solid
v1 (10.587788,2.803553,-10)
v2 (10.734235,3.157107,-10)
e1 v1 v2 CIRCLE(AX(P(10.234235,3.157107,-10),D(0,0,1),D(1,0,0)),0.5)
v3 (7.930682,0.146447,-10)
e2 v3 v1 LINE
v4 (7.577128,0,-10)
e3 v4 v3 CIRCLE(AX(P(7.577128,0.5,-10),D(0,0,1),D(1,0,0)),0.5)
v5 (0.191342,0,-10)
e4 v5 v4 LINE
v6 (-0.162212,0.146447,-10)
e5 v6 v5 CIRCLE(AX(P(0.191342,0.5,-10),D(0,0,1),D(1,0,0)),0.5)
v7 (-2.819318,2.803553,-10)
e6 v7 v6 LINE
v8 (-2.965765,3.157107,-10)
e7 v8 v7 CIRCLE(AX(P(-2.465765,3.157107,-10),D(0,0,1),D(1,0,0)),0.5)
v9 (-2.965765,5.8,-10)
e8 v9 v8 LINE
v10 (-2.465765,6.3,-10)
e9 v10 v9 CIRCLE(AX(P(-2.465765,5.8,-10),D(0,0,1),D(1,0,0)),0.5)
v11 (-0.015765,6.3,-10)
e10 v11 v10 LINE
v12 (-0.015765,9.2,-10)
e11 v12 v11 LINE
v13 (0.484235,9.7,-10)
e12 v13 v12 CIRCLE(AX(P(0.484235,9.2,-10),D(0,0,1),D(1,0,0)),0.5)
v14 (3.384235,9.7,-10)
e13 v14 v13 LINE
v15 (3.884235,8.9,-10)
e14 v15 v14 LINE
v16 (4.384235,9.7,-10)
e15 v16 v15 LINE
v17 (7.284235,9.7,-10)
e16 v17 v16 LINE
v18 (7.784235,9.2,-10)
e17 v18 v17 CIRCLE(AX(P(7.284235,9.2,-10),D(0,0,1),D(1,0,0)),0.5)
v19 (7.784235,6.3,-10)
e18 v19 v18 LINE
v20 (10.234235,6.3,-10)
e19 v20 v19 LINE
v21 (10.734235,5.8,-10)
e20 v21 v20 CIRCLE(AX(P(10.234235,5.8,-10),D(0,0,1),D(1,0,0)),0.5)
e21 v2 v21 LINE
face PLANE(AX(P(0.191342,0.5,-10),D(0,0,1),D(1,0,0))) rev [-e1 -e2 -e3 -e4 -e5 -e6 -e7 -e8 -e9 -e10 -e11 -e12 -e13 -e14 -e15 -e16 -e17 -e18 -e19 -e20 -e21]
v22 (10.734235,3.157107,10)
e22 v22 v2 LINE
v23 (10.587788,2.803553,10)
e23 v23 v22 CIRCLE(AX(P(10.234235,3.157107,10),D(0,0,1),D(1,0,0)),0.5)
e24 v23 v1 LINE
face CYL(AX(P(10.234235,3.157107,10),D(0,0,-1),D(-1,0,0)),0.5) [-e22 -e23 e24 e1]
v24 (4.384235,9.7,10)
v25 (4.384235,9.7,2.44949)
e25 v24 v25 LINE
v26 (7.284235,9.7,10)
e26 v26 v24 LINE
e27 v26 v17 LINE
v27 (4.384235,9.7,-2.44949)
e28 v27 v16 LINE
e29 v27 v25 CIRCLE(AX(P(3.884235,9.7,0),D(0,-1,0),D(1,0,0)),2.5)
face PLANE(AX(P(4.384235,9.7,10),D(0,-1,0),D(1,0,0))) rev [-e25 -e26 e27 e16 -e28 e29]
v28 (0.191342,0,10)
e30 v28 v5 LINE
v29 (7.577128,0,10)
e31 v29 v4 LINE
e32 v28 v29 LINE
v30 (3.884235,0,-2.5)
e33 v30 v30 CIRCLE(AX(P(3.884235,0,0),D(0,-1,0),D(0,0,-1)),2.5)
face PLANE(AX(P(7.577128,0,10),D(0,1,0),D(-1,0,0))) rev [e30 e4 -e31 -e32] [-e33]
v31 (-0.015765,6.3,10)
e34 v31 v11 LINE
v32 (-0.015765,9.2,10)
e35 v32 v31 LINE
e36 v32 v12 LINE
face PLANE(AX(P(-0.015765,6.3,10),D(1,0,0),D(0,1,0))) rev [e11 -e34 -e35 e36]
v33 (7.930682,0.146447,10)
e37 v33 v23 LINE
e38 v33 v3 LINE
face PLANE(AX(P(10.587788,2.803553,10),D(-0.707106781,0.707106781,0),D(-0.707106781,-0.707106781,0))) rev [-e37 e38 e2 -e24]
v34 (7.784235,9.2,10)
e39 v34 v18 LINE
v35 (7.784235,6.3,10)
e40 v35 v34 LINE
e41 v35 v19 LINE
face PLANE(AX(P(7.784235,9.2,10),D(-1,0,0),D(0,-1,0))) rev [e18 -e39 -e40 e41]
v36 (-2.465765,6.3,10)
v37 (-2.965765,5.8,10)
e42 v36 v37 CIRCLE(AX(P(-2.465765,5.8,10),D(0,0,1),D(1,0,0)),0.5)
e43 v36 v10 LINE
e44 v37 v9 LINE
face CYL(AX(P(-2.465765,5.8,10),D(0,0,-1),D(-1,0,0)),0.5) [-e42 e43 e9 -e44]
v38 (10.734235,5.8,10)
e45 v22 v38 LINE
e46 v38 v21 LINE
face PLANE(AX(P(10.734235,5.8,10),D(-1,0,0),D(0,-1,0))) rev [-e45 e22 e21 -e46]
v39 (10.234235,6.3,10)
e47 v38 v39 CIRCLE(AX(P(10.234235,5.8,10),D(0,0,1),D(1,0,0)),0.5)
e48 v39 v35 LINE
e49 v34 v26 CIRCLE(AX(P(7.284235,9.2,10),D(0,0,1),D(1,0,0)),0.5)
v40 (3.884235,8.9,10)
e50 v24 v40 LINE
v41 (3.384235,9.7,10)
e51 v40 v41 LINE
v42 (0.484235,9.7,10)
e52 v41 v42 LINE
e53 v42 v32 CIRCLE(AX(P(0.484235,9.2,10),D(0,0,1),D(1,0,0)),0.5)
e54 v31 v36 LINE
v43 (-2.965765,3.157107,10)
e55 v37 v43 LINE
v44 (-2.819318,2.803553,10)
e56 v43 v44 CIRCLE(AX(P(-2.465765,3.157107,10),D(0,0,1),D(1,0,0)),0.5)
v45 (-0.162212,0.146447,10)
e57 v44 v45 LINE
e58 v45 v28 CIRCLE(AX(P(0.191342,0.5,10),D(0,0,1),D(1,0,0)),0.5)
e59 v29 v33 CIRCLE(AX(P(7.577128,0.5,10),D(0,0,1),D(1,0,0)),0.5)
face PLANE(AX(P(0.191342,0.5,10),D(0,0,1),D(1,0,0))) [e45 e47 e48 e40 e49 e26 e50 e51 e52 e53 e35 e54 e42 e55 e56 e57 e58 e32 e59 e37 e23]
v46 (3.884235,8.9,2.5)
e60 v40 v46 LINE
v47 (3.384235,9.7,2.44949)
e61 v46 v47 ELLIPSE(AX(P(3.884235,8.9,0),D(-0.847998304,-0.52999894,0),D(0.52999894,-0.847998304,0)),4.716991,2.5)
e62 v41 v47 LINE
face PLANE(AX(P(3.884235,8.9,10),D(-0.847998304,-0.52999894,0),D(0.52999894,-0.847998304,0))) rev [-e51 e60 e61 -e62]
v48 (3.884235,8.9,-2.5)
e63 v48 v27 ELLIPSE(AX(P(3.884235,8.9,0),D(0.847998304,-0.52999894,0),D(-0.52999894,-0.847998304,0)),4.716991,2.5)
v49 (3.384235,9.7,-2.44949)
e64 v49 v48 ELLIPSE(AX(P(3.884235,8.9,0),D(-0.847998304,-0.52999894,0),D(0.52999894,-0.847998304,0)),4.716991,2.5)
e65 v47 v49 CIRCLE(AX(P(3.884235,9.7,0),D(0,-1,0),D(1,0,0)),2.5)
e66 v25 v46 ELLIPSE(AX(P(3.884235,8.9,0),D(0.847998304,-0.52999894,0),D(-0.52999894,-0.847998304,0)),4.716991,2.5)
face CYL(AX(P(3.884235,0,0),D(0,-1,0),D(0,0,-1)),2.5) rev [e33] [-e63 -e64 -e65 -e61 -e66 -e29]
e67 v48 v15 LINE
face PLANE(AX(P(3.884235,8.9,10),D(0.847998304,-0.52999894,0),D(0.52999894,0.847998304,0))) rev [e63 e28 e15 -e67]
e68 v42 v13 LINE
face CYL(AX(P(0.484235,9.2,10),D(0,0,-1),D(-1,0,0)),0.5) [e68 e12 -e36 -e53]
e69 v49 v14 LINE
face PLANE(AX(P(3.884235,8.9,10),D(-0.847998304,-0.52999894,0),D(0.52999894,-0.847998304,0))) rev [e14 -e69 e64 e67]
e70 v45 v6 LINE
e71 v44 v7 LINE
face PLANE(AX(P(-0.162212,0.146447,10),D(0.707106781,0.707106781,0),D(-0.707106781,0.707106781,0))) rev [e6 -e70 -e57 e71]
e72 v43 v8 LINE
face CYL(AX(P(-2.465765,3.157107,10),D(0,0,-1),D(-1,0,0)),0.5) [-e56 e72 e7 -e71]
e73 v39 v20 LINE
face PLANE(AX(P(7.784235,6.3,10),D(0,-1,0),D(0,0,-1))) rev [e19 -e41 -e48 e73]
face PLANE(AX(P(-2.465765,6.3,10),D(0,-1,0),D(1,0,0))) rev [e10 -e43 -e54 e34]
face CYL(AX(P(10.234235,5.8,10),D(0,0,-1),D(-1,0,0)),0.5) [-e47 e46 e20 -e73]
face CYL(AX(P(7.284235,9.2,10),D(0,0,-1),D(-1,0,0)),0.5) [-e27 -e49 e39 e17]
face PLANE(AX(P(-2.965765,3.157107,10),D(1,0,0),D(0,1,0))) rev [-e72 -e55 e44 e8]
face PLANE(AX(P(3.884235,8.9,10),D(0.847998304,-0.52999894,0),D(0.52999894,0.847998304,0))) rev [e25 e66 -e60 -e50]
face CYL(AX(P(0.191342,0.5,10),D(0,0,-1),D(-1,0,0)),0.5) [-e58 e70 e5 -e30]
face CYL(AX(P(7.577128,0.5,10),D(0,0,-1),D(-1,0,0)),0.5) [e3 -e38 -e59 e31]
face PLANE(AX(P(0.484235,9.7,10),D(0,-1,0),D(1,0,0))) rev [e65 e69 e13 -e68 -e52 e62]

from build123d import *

# Parameters (mm, degrees)
EXTRUDE_1_DEPTH        = 10
HOLE_WIZARD_M6_1_D     = 5
HOLE_WIZARD_M6_1_DEPTH = 15
HOLE_WIZARD_M6_1_TIP   = 1.502151548


with BuildPart() as part:
    # 草图1 → 凸台-拉伸1 (new, symmetric)
    with BuildSketch(Plane.XY):
        with BuildLine():
            Line((-0.162211674, 0.146446609), (-2.819318456, 2.803553391))
            ThreePointArc((-2.819318456, 2.803553391), (-2.927704831, 2.965765065), (-2.965765065, 3.157106781))
            Line((-2.965765065, 3.157106781), (-2.965765065, 5.8))
            ThreePointArc((-2.965765065, 5.8), (-2.819318456, 6.153553391), (-2.465765065, 6.3))
            Line((-2.465765065, 6.3), (-0.015765065, 6.3))
            Line((-0.015765065, 6.3), (-0.015765065, 9.2))
            ThreePointArc((-0.015765065, 9.2), (0.130681544, 9.553553391), (0.484234935, 9.7))
            Line((0.484234935, 9.7), (3.384234935, 9.7))
            Line((3.384234935, 9.7), (3.884234935, 8.9))
            Line((3.884234935, 8.9), (4.384234935, 9.7))
            Line((4.384234935, 9.7), (7.284234935, 9.7))
            ThreePointArc((7.284234935, 9.7), (7.637788326, 9.553553391), (7.784234935, 9.2))
            Line((7.784234935, 9.2), (7.784234935, 6.3))
            Line((7.784234935, 6.3), (10.234234935, 6.3))
            ThreePointArc((10.234234935, 6.3), (10.587788326, 6.153553391), (10.734234935, 5.8))
            Line((10.734234935, 5.8), (10.734234935, 3.157106781))
            ThreePointArc((10.734234935, 3.157106781), (10.696174701, 2.965765065), (10.587788326, 2.803553391))
            Line((10.587788326, 2.803553391), (7.930681544, 0.146446609))
            ThreePointArc((7.930681544, 0.146446609), (7.76846987, 0.038060234), (7.577128154, 0))
            Line((7.577128154, 0), (0.191341716, 0))
            ThreePointArc((0.191341716, 0), (0, 0.038060234), (-0.162211674, 0.146446609))
        make_face()
    extrude(amount=EXTRUDE_1_DEPTH, both=True)

    # M6 螺纹孔1
    with Locations(Plane(origin=(3.884234935, 0, 0), x_dir=(-1, 0, 0), z_dir=(0, -1, 0))):
        with Locations((0, 0)):
            Hole(HOLE_WIZARD_M6_1_D / 2, depth=HOLE_WIZARD_M6_1_DEPTH)
            with Locations((0, 0, -(HOLE_WIZARD_M6_1_DEPTH + HOLE_WIZARD_M6_1_TIP / 2))):  # 118° drill point
                Cone(0, HOLE_WIZARD_M6_1_D / 2, HOLE_WIZARD_M6_1_TIP, mode=Mode.SUBTRACT)


solid = part.part
